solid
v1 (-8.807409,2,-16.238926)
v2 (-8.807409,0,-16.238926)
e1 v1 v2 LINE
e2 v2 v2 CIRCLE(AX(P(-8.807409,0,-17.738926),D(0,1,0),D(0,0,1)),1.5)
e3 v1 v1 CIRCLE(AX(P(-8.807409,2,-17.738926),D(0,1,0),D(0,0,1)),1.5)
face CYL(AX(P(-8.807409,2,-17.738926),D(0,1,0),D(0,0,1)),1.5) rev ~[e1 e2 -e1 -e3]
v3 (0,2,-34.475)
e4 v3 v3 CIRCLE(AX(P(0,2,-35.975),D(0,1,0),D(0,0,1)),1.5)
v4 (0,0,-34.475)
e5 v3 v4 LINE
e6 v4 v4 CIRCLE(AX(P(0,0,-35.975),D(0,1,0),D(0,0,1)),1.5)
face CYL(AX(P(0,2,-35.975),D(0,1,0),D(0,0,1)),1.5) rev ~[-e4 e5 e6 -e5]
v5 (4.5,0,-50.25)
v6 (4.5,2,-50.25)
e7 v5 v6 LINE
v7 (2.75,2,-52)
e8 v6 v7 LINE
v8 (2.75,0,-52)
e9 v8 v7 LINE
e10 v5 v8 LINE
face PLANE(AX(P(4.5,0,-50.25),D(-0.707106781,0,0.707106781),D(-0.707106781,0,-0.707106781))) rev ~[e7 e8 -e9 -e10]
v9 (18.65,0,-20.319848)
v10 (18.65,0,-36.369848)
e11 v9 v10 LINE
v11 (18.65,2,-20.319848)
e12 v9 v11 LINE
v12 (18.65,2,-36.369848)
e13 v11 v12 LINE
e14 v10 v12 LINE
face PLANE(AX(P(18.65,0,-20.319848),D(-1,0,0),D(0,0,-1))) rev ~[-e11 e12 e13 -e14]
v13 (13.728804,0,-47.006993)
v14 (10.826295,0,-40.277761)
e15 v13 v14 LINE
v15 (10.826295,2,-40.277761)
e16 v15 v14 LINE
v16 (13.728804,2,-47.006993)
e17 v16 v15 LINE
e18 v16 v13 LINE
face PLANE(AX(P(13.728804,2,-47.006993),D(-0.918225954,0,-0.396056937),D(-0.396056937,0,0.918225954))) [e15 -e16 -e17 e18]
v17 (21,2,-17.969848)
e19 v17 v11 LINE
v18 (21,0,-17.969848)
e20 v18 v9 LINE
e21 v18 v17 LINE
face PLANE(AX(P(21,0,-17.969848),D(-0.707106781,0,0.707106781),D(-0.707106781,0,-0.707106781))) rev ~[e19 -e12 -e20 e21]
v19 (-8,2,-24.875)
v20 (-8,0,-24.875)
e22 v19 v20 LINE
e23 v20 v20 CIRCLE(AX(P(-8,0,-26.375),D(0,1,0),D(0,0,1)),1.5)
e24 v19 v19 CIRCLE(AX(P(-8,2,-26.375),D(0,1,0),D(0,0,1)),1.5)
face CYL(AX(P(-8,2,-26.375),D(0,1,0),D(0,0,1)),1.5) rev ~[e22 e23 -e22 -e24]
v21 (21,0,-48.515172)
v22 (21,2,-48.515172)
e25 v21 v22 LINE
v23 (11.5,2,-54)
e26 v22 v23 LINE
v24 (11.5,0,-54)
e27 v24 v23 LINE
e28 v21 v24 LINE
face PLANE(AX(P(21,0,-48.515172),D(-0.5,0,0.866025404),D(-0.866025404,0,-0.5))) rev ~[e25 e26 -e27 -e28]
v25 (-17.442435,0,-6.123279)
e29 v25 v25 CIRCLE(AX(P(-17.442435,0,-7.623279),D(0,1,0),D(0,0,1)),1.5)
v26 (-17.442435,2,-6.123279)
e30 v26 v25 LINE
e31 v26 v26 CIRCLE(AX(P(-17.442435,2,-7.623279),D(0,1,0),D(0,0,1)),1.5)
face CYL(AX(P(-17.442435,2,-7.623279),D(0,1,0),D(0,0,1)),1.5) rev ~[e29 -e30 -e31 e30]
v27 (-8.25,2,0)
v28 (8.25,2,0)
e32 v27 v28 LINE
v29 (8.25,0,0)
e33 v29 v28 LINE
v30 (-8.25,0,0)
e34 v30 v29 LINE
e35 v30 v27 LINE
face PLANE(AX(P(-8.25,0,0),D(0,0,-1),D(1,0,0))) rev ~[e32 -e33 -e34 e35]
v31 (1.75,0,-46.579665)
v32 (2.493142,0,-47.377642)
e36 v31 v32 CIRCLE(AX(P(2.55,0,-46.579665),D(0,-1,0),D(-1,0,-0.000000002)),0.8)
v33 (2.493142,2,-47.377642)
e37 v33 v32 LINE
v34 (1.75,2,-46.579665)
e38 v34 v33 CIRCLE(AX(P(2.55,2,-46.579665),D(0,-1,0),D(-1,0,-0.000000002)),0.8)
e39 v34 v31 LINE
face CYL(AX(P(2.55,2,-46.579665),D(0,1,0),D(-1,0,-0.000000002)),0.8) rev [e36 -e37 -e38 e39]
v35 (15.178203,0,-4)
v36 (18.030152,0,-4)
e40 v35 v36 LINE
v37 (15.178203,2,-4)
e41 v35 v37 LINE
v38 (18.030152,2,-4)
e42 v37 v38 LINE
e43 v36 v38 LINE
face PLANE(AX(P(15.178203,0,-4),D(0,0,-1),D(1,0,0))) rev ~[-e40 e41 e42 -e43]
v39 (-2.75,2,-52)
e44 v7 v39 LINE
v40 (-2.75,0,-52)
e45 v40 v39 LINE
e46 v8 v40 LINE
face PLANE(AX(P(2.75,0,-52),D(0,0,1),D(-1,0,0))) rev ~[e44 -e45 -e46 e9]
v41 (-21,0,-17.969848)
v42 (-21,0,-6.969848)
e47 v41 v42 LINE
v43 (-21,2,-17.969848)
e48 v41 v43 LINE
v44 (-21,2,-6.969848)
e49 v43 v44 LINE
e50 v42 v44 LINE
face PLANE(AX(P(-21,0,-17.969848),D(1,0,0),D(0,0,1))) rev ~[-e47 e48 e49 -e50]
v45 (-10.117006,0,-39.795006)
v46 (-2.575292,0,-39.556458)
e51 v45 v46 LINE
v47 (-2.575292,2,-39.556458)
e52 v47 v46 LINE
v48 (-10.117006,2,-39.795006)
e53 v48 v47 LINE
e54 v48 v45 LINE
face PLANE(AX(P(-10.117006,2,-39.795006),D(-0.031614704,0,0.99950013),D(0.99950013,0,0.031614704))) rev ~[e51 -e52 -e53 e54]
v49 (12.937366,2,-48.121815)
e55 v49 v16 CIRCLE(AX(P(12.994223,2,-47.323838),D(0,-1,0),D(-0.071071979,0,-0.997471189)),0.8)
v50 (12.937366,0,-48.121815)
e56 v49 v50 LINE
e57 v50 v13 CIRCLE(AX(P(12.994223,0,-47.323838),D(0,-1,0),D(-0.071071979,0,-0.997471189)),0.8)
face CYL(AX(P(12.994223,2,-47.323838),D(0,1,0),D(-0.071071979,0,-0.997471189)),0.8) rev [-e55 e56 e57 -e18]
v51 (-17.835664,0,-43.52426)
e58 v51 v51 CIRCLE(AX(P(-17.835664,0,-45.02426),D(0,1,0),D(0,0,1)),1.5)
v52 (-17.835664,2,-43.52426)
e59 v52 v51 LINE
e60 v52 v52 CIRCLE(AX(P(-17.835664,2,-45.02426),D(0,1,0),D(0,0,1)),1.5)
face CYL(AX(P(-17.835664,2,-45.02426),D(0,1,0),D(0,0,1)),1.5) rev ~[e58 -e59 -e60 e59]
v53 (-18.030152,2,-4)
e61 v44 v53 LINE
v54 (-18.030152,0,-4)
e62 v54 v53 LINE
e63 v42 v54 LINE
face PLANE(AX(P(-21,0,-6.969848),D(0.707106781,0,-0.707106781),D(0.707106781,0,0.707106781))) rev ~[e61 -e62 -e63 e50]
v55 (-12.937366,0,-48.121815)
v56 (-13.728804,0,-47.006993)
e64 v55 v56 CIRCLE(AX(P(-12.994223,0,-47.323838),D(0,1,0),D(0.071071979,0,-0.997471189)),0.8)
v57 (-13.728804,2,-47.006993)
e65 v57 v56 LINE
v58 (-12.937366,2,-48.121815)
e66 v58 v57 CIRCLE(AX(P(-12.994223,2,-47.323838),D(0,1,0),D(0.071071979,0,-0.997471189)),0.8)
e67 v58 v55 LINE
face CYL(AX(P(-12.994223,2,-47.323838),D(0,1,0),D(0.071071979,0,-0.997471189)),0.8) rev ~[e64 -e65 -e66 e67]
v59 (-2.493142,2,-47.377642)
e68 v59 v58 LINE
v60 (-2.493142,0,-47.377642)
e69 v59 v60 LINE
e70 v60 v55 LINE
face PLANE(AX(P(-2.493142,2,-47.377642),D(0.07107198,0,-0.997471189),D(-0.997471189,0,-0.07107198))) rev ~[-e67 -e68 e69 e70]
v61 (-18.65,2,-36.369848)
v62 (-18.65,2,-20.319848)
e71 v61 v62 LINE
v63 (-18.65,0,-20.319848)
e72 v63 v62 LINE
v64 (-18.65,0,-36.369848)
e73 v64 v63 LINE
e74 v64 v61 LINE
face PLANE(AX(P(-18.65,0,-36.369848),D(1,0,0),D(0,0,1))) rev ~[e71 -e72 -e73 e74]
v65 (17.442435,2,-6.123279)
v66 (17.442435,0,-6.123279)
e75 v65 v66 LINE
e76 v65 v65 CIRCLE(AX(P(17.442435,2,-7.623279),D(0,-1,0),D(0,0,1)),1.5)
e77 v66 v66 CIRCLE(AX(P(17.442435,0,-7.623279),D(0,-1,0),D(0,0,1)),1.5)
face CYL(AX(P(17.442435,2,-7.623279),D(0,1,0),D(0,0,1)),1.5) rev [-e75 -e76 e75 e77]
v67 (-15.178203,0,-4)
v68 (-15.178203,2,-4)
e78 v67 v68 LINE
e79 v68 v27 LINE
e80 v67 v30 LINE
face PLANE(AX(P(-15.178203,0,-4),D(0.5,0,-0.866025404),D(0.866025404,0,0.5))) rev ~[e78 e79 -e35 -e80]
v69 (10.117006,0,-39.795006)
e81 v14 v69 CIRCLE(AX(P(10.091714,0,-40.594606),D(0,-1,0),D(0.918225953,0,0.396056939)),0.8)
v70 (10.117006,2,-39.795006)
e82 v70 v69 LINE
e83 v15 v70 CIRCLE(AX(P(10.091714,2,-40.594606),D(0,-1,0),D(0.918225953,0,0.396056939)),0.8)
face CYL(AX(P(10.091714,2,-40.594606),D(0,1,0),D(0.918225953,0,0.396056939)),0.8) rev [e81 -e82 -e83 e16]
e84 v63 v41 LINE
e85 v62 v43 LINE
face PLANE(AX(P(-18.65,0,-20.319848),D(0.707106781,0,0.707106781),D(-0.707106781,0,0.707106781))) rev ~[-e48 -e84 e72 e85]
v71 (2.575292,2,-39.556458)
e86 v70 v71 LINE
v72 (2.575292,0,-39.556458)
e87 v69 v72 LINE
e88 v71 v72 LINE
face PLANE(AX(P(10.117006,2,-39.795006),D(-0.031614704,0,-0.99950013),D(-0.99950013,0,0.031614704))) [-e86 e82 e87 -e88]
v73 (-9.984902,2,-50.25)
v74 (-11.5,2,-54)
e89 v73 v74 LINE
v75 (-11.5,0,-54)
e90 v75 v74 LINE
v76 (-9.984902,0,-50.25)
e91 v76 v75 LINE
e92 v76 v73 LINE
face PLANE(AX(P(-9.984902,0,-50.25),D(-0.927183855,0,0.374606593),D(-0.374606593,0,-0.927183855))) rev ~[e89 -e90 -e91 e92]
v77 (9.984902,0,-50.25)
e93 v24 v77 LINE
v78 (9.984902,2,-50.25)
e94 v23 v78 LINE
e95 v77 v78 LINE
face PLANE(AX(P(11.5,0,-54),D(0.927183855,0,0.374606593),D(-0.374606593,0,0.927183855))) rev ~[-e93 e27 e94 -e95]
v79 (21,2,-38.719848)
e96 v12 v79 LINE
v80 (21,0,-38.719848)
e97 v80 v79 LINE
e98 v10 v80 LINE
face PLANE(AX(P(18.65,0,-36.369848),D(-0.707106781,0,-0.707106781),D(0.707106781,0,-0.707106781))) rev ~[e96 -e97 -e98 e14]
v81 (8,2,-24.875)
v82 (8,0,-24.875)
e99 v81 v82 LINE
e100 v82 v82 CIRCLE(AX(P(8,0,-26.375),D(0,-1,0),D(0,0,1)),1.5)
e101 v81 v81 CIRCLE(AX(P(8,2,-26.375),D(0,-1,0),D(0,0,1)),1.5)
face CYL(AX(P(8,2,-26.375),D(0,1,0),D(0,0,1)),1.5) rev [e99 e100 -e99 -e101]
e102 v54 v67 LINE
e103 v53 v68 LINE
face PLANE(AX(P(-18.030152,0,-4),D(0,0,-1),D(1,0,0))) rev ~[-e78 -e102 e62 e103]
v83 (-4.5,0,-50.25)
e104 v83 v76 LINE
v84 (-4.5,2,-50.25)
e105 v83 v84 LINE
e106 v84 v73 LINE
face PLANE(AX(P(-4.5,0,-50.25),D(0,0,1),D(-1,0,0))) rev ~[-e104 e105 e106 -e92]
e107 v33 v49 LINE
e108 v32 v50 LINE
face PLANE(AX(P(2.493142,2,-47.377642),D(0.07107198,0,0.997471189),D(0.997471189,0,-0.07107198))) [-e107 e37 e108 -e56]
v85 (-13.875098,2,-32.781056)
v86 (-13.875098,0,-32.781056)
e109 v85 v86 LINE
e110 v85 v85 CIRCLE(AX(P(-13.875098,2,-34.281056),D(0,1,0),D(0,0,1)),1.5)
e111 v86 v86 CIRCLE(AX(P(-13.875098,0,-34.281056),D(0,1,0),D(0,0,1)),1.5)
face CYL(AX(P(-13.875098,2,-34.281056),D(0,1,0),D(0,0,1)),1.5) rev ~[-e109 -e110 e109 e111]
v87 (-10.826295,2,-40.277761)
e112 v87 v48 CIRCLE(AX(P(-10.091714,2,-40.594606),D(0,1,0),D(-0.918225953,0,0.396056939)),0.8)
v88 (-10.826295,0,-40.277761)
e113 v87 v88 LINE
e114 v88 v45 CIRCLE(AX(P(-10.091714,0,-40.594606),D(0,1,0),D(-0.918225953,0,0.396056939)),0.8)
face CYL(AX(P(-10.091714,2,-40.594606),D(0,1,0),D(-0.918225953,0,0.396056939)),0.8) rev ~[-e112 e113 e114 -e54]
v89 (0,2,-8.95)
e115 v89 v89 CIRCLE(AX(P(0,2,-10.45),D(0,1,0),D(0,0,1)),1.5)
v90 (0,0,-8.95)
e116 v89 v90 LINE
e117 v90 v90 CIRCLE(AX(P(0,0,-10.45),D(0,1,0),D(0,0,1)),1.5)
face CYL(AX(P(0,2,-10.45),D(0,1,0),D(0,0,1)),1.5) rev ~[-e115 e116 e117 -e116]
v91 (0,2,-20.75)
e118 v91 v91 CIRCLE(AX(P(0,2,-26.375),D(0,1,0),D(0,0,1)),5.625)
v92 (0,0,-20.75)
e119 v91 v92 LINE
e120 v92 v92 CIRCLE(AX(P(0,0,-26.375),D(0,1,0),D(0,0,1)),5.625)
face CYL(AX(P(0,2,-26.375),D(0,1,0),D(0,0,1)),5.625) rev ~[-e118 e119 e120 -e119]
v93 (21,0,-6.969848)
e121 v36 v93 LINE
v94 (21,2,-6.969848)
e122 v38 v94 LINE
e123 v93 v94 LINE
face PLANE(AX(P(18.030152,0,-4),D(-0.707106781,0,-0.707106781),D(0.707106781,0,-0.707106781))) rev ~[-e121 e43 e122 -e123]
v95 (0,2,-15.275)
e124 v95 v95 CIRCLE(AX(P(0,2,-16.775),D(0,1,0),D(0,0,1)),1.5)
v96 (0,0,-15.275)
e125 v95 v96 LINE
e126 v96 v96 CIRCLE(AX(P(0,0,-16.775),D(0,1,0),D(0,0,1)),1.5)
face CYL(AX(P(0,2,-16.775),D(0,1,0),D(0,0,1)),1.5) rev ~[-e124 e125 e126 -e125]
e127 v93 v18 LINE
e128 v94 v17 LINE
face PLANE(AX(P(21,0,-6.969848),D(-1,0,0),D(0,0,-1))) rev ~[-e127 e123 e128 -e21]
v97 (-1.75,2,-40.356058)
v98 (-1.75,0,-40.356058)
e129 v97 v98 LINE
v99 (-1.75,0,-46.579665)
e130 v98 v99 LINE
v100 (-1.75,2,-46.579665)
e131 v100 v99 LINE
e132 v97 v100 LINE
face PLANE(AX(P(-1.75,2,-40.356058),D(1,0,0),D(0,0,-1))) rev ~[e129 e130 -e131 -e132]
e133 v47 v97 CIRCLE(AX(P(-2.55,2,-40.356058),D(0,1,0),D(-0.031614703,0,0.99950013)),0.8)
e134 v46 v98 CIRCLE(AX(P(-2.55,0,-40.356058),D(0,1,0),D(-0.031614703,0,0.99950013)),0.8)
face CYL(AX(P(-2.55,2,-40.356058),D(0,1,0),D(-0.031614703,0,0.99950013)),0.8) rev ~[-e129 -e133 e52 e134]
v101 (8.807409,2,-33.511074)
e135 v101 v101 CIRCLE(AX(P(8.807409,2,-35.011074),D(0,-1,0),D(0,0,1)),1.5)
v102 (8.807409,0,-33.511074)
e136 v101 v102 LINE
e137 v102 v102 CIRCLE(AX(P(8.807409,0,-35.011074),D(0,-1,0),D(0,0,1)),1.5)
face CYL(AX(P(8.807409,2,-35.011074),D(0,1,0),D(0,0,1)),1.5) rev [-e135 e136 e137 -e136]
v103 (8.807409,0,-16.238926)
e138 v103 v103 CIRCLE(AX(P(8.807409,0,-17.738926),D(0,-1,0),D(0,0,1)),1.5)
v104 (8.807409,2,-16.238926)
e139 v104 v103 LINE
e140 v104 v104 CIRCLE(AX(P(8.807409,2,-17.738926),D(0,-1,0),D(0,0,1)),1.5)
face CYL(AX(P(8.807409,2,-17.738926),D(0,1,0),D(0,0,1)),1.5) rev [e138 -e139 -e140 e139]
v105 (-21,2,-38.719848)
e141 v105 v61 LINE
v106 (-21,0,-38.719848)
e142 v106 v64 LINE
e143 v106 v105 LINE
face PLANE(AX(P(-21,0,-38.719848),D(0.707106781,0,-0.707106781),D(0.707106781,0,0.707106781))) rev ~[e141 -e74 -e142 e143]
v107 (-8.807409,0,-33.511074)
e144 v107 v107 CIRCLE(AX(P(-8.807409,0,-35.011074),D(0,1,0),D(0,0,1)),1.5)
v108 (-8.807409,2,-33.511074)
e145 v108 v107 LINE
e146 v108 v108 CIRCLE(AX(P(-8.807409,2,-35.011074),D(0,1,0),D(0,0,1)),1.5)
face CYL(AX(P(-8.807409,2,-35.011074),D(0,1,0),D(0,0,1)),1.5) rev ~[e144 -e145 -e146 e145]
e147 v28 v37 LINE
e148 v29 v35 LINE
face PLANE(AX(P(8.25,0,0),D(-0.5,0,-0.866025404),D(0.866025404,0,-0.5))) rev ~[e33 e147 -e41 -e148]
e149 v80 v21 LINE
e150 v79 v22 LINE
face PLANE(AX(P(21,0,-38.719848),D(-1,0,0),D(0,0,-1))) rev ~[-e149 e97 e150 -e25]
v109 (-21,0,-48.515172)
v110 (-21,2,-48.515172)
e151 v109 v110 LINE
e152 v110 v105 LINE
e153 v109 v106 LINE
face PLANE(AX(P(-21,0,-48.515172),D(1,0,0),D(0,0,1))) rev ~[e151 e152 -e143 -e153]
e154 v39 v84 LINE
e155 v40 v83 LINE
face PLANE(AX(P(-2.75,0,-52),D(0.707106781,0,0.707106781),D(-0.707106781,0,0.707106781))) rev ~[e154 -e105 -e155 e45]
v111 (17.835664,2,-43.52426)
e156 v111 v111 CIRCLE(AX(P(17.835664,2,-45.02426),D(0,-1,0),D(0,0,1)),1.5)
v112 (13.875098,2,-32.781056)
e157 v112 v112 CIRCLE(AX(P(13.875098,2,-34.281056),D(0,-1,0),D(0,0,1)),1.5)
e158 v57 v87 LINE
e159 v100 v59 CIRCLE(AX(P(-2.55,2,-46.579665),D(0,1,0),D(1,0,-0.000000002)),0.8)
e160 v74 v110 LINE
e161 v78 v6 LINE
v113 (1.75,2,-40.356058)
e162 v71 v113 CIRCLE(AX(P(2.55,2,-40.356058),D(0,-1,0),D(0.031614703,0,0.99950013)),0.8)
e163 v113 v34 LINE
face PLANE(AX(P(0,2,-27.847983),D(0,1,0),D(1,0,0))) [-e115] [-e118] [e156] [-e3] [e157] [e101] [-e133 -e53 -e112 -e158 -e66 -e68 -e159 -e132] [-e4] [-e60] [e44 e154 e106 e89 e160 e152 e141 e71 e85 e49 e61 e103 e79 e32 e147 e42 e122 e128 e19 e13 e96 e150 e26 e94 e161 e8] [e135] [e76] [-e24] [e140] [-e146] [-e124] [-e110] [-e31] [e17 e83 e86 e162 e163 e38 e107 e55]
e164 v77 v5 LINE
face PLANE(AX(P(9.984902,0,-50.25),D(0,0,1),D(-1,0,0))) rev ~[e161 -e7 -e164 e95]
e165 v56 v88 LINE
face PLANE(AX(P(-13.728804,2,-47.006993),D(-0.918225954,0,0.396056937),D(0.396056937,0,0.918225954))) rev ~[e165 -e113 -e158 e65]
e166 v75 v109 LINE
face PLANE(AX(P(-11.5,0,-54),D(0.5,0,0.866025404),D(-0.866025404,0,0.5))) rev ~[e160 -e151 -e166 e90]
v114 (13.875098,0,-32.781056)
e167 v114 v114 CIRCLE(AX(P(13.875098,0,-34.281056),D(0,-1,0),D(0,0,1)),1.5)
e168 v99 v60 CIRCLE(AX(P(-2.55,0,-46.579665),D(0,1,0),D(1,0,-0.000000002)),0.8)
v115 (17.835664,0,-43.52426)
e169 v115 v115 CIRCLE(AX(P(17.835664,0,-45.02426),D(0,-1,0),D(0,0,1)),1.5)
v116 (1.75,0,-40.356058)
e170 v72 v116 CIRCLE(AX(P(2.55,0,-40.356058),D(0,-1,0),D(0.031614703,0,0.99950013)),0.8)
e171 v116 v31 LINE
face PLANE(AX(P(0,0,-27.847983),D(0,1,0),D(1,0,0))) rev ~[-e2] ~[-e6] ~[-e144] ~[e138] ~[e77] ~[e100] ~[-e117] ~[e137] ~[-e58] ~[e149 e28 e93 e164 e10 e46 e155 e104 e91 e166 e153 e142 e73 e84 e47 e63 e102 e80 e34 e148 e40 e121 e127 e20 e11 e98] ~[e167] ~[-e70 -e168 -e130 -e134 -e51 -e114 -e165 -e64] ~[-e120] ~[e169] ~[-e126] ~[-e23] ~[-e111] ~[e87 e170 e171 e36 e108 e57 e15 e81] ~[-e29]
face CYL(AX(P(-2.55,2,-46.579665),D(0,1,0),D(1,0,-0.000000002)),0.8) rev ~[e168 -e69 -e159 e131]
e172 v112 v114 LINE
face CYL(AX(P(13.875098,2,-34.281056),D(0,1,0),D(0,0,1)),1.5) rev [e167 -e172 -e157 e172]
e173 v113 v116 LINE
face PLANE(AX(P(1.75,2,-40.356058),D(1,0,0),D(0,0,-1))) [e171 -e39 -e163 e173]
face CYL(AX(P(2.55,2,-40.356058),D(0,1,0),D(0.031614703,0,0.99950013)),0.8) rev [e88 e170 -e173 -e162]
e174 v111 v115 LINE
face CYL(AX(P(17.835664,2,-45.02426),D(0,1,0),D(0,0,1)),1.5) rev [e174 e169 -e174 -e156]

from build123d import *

# Parameters (mm, degrees)
BOSS_EXTRUDE1_DEPTH = 2
SKETCH2_R           = 1.5
SKETCH2_R_2         = 5.625
CUT_EXTRUDE1_DEPTH  = 2
CUT_EXTRUDE2_DEPTH  = 2


with BuildPart() as part:
    # Sketch1 → Boss-Extrude1 (new body)
    with BuildSketch(Plane(origin=(0, 0, 0), x_dir=(1, 0, 0), z_dir=(0, 1, 0))):
        Polygon((2.75, 52), (-2.75, 52), (-4.5, 50.25), (-9.984901653, 50.25), (-11.5, 54), (-21, 48.515172443), (-21, 38.719848481), (-18.65, 36.369848481), (-18.65, 20.319848481), (-21, 17.969848481), (-21, 6.969848481), (-18.030151519, 4), (-15.17820323, 4), (-8.25, 0), (8.25, 0), (15.17820323, 4), (18.030151519, 4), (21, 6.969848481), (21, 17.969848481), (18.65, 20.319848481), (18.65, 36.369848481), (21, 38.719848481), (21, 48.515172443), (11.5, 54), (9.984901653, 50.25), (4.5, 50.25), align=None)
    extrude(amount=BOSS_EXTRUDE1_DEPTH)

    # Sketch2 → Cut-Extrude1 (cut)
    with BuildSketch(Plane(origin=(0, 2, 0), x_dir=(1, 0, 0), z_dir=(0, 1, 0))):
        with Locations(Location((-17.835663744, 45.024259573, 0), (0, 0, 270))):
            Circle(SKETCH2_R)
        with Locations(Location((-17.442435228, 7.623278695, 0), (0, 0, 270))):
            Circle(SKETCH2_R)
        with Locations(Location((0, 10.45, 0), (0, 0, 270))):
            Circle(SKETCH2_R)
        with Locations(Location((0, 16.775, 0), (0, 0, 270))):
            Circle(SKETCH2_R)
        with Locations(Location((0, 26.375, 0), (0, 0, 270))):
            Circle(SKETCH2_R_2)
        with Locations(Location((-8.807408648, 17.738925781, 0), (0, 0, 270))):
            Circle(SKETCH2_R)
        with Locations(Location((-8, 26.375, 0), (0, 0, 270))):
            Circle(SKETCH2_R)
        with Locations(Location((-13.875097841, 34.281056246, 0), (0, 0, 270))):
            Circle(SKETCH2_R)
        with Locations(Location((-8.807408648, 35.011074219, 0), (0, 0, 270))):
            Circle(SKETCH2_R)
        with Locations(Location((0, 35.975, 0), (0, 0, 270))):
            Circle(SKETCH2_R)
    cut_extrude1 = extrude(amount=-CUT_EXTRUDE1_DEPTH, mode=Mode.SUBTRACT)

    # Mirror1: Cut-Extrude1 across plane
    add(cut_extrude1.mirror(Plane(origin=(0, 0, 0), x_dir=(0, 0, 1), z_dir=(1, 0, 0))), mode=Mode.SUBTRACT)

    # Sketch3 → Cut-Extrude2 (cut)
    with BuildSketch(Plane(origin=(0, 2, 0), x_dir=(1, 0, 0), z_dir=(0, 1, 0))):
        with BuildLine():
            Line((-2.493142416, 47.37764179), (-12.937365744, 48.121815295))
            ThreePointArc((-12.937365744, 48.121815295), (-13.646553366, 47.786942566), (-13.728804091, 47.006992794))
            Line((-13.728804091, 47.006992794), (-10.826295121, 40.277760665))
            ThreePointArc((-10.826295121, 40.277760665), (-10.541841622, 39.933254988), (-10.117006121, 39.795006111))
            Line((-10.117006121, 39.795006111), (-2.575291763, 39.556457804))
            ThreePointArc((-2.575291763, 39.556457804), (-1.993328378, 39.781500074), (-1.75, 40.356057908))
            Line((-1.75, 40.356057908), (-1.75, 46.579664839))
            ThreePointArc((-1.75, 46.579664839), (-1.964557404, 47.12487761), (-2.493142416, 47.37764179))
        make_face()
        with BuildLine():
            Line((10.117006121, 39.795006111), (2.575291763, 39.556457804))
            ThreePointArc((2.575291763, 39.556457804), (1.993328378, 39.781500074), (1.75, 40.356057908))
            Line((1.75, 40.356057908), (1.75, 46.579664839))
            ThreePointArc((1.75, 46.579664839), (1.964557404, 47.12487761), (2.493142416, 47.37764179))
            Line((2.493142416, 47.37764179), (12.937365744, 48.121815295))
            ThreePointArc((12.937365744, 48.121815295), (13.646553366, 47.786942566), (13.728804091, 47.006992794))
            Line((13.728804091, 47.006992794), (10.826295121, 40.277760665))
            ThreePointArc((10.826295121, 40.277760665), (10.541841622, 39.933254988), (10.117006121, 39.795006111))
        make_face()
    extrude(amount=-CUT_EXTRUDE2_DEPTH, mode=Mode.SUBTRACT)


solid = part.part
